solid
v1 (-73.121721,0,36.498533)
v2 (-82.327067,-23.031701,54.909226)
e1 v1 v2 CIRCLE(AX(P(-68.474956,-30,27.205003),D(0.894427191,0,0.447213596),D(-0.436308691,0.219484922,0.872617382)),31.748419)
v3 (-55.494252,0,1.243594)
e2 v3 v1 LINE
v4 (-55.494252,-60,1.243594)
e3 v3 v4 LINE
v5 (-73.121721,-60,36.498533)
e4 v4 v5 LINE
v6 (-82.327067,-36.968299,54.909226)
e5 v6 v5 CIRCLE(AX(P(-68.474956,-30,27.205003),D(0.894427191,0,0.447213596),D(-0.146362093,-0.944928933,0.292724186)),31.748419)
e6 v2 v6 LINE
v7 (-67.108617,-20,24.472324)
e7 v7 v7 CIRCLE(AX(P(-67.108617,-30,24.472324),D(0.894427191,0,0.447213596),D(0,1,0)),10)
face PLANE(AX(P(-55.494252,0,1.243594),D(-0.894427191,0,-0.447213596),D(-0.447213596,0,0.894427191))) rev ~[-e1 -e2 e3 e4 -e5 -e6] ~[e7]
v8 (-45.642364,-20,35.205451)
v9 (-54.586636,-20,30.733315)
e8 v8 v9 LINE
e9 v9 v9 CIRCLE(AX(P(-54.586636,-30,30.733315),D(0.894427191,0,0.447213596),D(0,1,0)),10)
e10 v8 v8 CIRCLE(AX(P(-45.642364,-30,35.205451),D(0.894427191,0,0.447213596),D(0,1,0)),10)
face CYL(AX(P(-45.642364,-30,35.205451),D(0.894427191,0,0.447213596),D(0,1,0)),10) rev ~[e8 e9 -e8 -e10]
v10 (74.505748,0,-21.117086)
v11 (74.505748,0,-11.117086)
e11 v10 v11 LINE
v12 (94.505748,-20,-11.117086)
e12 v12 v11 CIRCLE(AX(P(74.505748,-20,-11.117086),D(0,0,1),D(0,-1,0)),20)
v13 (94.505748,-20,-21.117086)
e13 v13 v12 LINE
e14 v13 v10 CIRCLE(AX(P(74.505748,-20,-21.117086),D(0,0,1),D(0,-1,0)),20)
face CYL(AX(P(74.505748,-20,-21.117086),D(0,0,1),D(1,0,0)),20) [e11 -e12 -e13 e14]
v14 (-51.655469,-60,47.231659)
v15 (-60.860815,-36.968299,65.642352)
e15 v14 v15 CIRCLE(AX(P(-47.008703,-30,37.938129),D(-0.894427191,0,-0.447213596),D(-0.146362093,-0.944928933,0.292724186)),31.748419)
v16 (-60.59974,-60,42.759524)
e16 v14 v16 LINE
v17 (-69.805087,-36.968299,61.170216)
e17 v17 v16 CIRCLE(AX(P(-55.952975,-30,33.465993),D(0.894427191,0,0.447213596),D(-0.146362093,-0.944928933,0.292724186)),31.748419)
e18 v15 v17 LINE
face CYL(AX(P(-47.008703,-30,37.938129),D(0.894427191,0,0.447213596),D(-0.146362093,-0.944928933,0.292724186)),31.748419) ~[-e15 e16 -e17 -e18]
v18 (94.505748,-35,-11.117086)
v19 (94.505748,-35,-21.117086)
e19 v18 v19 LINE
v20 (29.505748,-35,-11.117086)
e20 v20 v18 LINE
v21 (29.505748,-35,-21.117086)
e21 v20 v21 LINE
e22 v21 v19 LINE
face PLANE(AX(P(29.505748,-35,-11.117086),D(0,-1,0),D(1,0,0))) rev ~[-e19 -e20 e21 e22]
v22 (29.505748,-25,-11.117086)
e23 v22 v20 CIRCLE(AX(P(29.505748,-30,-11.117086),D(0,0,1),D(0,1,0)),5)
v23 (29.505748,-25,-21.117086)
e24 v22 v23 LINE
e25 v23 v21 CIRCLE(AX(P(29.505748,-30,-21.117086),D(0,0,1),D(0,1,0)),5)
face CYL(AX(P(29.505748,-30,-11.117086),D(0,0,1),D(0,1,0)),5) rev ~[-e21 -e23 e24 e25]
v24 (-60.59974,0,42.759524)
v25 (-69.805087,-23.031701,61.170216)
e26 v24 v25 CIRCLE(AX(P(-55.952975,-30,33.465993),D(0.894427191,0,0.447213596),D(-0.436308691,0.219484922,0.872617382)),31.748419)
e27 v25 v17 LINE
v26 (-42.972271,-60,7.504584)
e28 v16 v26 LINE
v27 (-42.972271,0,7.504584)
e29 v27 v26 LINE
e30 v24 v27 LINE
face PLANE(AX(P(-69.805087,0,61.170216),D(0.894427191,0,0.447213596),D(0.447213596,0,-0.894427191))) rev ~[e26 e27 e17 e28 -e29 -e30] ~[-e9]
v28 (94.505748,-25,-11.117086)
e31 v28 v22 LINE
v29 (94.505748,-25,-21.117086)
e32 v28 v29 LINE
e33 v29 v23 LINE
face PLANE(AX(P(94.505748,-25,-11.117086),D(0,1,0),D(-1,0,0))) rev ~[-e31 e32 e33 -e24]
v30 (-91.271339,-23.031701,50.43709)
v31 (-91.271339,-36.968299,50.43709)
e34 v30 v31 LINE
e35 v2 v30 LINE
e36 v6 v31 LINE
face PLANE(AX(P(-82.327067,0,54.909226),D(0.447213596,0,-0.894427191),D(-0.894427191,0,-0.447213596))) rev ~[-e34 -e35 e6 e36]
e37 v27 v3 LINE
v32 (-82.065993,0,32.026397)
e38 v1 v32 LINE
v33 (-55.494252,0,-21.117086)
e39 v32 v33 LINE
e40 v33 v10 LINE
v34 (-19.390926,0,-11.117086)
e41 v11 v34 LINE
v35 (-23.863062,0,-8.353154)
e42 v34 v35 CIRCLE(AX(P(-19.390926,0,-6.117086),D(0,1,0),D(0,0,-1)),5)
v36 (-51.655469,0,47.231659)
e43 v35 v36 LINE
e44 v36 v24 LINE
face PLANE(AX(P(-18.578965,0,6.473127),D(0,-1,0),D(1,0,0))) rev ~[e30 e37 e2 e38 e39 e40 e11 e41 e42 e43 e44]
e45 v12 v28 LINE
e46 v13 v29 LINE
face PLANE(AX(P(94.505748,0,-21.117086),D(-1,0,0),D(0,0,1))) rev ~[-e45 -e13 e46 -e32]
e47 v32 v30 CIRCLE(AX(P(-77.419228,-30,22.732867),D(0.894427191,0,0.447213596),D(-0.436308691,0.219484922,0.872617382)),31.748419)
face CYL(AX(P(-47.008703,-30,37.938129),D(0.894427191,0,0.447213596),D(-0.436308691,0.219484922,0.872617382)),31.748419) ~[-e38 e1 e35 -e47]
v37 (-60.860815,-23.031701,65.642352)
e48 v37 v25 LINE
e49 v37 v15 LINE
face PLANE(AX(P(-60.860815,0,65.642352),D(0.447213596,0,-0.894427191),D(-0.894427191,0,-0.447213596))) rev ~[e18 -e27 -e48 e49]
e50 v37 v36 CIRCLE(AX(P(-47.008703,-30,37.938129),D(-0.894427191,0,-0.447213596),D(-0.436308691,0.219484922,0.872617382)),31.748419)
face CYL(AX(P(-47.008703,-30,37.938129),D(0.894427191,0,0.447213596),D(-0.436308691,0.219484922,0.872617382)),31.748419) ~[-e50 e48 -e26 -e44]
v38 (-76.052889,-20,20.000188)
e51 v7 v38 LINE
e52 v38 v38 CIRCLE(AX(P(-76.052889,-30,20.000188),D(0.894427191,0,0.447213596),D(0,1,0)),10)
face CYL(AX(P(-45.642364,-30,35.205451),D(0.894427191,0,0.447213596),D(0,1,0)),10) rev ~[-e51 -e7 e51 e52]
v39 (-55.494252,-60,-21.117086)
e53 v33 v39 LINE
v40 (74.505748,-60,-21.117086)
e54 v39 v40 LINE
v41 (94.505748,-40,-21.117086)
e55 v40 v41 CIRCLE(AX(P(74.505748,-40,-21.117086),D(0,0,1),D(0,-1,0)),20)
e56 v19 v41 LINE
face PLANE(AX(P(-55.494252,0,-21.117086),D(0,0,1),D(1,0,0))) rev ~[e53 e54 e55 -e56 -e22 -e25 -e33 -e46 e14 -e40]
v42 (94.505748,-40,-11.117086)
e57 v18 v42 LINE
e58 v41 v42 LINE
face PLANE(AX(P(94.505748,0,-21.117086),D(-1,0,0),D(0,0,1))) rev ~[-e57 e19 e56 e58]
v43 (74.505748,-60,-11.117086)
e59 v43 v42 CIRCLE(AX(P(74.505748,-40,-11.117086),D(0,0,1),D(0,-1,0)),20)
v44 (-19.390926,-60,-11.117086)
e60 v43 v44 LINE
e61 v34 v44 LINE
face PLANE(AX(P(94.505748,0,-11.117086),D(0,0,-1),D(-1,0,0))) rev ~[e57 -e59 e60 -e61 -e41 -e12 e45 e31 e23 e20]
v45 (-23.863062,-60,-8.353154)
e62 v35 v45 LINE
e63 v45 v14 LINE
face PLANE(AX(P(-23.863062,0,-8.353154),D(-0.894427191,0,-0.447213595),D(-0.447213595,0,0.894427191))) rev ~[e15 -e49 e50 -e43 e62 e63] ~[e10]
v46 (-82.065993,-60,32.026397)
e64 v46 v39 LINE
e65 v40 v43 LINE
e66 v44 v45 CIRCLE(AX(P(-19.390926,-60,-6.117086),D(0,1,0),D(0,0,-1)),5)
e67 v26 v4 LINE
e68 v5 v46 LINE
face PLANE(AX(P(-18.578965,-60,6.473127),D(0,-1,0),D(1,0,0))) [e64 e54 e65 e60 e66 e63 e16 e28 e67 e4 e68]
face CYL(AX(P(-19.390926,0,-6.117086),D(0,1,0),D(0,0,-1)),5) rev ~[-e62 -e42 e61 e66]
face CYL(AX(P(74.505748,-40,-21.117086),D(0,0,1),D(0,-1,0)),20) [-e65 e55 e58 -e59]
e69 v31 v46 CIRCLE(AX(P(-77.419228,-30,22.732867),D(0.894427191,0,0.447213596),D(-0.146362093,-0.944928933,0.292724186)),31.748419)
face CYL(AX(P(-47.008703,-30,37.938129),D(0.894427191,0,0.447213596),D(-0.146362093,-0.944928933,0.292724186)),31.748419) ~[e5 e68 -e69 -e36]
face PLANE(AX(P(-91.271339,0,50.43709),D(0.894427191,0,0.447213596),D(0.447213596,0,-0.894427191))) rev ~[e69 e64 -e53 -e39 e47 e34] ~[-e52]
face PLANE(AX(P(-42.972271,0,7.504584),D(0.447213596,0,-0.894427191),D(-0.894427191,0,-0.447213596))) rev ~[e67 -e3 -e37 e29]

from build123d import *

# Parameters (mm, degrees)
F1_DEPTH = 60
F3_DEPTH = 25
F4_R     = 10
F5_DEPTH = 50.8
F7_DEPTH = 42.5
F8_R     = 20


with BuildPart() as f1:
    # F0 (on Front) → F1 (new body)
    with BuildSketch(Plane.XZ):
        with BuildLine():
            Line((94.505748464, -21.1170856844), (94.505748464, -11.1170856844))
            Line((94.505748464, -11.1170856844), (-19.3909259748, -11.1170856844))
            ThreePointArc((-19.3909259748, -11.1170856844), (-22.0195815354, -10.3703397262), (-23.8630619298, -8.3531536619))
            Line((-23.8630619298, -8.3531536619), (-60.860814682, 65.6423518426))
            Line((-60.860814682, 65.6423518426), (-69.805086592, 61.1702158876))
            Line((-69.805086592, 61.1702158876), (-42.972270862, 7.5045844276))
            Line((-42.972270862, 7.5045844276), (-55.494251536, 1.2435940906))
            Line((-55.494251536, 1.2435940906), (-82.327067266, 54.9092255506))
            Line((-82.327067266, 54.9092255506), (-91.271339176, 50.4370895956))
            Line((-91.271339176, 50.4370895956), (-55.494251536, -21.1170856844))
            Line((-55.494251536, -21.1170856844), (94.505748464, -21.1170856844))
        make_face()
    extrude(amount=F1_DEPTH)

    # F2 (on face) → F3 (cut)
    with BuildSketch(Plane.XY.offset(-11.1170856844)):
        with BuildLine():
            Line((94.505748464, -25), (29.505748464, -25))
            ThreePointArc((29.505748464, -25), (24.505748464, -30), (29.505748464, -35))
            Line((29.505748464, -35), (94.505748464, -35))
            Line((94.505748464, -35), (94.505748464, -25))
        make_face()
    extrude(amount=-F3_DEPTH, mode=Mode.SUBTRACT)

    # F4 (on face) → F5 (cut)
    with BuildSketch(Plane(origin=(-22.4317110086, 0, -11.2158555043), x_dir=(0, 1, 0), z_dir=(0.894427191, 0, 0.4472135955))):
        with Locations((-30, 51.9005979594)):
            Circle(F4_R)
    extrude(amount=-F5_DEPTH, mode=Mode.SUBTRACT)

    # F6 (on face) → F7 (cut)
    with BuildSketch(Plane(origin=(-22.4317110086, 0, -11.2158555043), x_dir=(0, 1, 0), z_dir=(0.894427191, 0, 0.4472135955))):
        with BuildLine():
            ThreePointArc((-23.0317006599, 85.9300881282), (-8.8437530091, 78.6280740539), (0, 65.346308328))
            Line((0, 65.346308328), (0, 85.9300881282))
            Line((0, 85.9300881282), (-23.0317006599, 85.9300881282))
        make_face()
        with BuildLine():
            ThreePointArc((-60, 65.346308328), (-51.1562469909, 78.6280740539), (-36.9682993401, 85.9300881282))
            Line((-36.9682993401, 85.9300881282), (-60, 85.9300881282))
            Line((-60, 85.9300881282), (-60, 65.346308328))
        make_face()
    extrude(amount=-F7_DEPTH, mode=Mode.SUBTRACT)

    # F8
    f8_edges = [f1.edges().sort_by_distance(p)[0] for p in [
        (94.505748, 0, -16.117086),
        (94.505748, -60, -16.117086),
    ]]
    fillet(f8_edges, radius=F8_R)


solid = f1.part
